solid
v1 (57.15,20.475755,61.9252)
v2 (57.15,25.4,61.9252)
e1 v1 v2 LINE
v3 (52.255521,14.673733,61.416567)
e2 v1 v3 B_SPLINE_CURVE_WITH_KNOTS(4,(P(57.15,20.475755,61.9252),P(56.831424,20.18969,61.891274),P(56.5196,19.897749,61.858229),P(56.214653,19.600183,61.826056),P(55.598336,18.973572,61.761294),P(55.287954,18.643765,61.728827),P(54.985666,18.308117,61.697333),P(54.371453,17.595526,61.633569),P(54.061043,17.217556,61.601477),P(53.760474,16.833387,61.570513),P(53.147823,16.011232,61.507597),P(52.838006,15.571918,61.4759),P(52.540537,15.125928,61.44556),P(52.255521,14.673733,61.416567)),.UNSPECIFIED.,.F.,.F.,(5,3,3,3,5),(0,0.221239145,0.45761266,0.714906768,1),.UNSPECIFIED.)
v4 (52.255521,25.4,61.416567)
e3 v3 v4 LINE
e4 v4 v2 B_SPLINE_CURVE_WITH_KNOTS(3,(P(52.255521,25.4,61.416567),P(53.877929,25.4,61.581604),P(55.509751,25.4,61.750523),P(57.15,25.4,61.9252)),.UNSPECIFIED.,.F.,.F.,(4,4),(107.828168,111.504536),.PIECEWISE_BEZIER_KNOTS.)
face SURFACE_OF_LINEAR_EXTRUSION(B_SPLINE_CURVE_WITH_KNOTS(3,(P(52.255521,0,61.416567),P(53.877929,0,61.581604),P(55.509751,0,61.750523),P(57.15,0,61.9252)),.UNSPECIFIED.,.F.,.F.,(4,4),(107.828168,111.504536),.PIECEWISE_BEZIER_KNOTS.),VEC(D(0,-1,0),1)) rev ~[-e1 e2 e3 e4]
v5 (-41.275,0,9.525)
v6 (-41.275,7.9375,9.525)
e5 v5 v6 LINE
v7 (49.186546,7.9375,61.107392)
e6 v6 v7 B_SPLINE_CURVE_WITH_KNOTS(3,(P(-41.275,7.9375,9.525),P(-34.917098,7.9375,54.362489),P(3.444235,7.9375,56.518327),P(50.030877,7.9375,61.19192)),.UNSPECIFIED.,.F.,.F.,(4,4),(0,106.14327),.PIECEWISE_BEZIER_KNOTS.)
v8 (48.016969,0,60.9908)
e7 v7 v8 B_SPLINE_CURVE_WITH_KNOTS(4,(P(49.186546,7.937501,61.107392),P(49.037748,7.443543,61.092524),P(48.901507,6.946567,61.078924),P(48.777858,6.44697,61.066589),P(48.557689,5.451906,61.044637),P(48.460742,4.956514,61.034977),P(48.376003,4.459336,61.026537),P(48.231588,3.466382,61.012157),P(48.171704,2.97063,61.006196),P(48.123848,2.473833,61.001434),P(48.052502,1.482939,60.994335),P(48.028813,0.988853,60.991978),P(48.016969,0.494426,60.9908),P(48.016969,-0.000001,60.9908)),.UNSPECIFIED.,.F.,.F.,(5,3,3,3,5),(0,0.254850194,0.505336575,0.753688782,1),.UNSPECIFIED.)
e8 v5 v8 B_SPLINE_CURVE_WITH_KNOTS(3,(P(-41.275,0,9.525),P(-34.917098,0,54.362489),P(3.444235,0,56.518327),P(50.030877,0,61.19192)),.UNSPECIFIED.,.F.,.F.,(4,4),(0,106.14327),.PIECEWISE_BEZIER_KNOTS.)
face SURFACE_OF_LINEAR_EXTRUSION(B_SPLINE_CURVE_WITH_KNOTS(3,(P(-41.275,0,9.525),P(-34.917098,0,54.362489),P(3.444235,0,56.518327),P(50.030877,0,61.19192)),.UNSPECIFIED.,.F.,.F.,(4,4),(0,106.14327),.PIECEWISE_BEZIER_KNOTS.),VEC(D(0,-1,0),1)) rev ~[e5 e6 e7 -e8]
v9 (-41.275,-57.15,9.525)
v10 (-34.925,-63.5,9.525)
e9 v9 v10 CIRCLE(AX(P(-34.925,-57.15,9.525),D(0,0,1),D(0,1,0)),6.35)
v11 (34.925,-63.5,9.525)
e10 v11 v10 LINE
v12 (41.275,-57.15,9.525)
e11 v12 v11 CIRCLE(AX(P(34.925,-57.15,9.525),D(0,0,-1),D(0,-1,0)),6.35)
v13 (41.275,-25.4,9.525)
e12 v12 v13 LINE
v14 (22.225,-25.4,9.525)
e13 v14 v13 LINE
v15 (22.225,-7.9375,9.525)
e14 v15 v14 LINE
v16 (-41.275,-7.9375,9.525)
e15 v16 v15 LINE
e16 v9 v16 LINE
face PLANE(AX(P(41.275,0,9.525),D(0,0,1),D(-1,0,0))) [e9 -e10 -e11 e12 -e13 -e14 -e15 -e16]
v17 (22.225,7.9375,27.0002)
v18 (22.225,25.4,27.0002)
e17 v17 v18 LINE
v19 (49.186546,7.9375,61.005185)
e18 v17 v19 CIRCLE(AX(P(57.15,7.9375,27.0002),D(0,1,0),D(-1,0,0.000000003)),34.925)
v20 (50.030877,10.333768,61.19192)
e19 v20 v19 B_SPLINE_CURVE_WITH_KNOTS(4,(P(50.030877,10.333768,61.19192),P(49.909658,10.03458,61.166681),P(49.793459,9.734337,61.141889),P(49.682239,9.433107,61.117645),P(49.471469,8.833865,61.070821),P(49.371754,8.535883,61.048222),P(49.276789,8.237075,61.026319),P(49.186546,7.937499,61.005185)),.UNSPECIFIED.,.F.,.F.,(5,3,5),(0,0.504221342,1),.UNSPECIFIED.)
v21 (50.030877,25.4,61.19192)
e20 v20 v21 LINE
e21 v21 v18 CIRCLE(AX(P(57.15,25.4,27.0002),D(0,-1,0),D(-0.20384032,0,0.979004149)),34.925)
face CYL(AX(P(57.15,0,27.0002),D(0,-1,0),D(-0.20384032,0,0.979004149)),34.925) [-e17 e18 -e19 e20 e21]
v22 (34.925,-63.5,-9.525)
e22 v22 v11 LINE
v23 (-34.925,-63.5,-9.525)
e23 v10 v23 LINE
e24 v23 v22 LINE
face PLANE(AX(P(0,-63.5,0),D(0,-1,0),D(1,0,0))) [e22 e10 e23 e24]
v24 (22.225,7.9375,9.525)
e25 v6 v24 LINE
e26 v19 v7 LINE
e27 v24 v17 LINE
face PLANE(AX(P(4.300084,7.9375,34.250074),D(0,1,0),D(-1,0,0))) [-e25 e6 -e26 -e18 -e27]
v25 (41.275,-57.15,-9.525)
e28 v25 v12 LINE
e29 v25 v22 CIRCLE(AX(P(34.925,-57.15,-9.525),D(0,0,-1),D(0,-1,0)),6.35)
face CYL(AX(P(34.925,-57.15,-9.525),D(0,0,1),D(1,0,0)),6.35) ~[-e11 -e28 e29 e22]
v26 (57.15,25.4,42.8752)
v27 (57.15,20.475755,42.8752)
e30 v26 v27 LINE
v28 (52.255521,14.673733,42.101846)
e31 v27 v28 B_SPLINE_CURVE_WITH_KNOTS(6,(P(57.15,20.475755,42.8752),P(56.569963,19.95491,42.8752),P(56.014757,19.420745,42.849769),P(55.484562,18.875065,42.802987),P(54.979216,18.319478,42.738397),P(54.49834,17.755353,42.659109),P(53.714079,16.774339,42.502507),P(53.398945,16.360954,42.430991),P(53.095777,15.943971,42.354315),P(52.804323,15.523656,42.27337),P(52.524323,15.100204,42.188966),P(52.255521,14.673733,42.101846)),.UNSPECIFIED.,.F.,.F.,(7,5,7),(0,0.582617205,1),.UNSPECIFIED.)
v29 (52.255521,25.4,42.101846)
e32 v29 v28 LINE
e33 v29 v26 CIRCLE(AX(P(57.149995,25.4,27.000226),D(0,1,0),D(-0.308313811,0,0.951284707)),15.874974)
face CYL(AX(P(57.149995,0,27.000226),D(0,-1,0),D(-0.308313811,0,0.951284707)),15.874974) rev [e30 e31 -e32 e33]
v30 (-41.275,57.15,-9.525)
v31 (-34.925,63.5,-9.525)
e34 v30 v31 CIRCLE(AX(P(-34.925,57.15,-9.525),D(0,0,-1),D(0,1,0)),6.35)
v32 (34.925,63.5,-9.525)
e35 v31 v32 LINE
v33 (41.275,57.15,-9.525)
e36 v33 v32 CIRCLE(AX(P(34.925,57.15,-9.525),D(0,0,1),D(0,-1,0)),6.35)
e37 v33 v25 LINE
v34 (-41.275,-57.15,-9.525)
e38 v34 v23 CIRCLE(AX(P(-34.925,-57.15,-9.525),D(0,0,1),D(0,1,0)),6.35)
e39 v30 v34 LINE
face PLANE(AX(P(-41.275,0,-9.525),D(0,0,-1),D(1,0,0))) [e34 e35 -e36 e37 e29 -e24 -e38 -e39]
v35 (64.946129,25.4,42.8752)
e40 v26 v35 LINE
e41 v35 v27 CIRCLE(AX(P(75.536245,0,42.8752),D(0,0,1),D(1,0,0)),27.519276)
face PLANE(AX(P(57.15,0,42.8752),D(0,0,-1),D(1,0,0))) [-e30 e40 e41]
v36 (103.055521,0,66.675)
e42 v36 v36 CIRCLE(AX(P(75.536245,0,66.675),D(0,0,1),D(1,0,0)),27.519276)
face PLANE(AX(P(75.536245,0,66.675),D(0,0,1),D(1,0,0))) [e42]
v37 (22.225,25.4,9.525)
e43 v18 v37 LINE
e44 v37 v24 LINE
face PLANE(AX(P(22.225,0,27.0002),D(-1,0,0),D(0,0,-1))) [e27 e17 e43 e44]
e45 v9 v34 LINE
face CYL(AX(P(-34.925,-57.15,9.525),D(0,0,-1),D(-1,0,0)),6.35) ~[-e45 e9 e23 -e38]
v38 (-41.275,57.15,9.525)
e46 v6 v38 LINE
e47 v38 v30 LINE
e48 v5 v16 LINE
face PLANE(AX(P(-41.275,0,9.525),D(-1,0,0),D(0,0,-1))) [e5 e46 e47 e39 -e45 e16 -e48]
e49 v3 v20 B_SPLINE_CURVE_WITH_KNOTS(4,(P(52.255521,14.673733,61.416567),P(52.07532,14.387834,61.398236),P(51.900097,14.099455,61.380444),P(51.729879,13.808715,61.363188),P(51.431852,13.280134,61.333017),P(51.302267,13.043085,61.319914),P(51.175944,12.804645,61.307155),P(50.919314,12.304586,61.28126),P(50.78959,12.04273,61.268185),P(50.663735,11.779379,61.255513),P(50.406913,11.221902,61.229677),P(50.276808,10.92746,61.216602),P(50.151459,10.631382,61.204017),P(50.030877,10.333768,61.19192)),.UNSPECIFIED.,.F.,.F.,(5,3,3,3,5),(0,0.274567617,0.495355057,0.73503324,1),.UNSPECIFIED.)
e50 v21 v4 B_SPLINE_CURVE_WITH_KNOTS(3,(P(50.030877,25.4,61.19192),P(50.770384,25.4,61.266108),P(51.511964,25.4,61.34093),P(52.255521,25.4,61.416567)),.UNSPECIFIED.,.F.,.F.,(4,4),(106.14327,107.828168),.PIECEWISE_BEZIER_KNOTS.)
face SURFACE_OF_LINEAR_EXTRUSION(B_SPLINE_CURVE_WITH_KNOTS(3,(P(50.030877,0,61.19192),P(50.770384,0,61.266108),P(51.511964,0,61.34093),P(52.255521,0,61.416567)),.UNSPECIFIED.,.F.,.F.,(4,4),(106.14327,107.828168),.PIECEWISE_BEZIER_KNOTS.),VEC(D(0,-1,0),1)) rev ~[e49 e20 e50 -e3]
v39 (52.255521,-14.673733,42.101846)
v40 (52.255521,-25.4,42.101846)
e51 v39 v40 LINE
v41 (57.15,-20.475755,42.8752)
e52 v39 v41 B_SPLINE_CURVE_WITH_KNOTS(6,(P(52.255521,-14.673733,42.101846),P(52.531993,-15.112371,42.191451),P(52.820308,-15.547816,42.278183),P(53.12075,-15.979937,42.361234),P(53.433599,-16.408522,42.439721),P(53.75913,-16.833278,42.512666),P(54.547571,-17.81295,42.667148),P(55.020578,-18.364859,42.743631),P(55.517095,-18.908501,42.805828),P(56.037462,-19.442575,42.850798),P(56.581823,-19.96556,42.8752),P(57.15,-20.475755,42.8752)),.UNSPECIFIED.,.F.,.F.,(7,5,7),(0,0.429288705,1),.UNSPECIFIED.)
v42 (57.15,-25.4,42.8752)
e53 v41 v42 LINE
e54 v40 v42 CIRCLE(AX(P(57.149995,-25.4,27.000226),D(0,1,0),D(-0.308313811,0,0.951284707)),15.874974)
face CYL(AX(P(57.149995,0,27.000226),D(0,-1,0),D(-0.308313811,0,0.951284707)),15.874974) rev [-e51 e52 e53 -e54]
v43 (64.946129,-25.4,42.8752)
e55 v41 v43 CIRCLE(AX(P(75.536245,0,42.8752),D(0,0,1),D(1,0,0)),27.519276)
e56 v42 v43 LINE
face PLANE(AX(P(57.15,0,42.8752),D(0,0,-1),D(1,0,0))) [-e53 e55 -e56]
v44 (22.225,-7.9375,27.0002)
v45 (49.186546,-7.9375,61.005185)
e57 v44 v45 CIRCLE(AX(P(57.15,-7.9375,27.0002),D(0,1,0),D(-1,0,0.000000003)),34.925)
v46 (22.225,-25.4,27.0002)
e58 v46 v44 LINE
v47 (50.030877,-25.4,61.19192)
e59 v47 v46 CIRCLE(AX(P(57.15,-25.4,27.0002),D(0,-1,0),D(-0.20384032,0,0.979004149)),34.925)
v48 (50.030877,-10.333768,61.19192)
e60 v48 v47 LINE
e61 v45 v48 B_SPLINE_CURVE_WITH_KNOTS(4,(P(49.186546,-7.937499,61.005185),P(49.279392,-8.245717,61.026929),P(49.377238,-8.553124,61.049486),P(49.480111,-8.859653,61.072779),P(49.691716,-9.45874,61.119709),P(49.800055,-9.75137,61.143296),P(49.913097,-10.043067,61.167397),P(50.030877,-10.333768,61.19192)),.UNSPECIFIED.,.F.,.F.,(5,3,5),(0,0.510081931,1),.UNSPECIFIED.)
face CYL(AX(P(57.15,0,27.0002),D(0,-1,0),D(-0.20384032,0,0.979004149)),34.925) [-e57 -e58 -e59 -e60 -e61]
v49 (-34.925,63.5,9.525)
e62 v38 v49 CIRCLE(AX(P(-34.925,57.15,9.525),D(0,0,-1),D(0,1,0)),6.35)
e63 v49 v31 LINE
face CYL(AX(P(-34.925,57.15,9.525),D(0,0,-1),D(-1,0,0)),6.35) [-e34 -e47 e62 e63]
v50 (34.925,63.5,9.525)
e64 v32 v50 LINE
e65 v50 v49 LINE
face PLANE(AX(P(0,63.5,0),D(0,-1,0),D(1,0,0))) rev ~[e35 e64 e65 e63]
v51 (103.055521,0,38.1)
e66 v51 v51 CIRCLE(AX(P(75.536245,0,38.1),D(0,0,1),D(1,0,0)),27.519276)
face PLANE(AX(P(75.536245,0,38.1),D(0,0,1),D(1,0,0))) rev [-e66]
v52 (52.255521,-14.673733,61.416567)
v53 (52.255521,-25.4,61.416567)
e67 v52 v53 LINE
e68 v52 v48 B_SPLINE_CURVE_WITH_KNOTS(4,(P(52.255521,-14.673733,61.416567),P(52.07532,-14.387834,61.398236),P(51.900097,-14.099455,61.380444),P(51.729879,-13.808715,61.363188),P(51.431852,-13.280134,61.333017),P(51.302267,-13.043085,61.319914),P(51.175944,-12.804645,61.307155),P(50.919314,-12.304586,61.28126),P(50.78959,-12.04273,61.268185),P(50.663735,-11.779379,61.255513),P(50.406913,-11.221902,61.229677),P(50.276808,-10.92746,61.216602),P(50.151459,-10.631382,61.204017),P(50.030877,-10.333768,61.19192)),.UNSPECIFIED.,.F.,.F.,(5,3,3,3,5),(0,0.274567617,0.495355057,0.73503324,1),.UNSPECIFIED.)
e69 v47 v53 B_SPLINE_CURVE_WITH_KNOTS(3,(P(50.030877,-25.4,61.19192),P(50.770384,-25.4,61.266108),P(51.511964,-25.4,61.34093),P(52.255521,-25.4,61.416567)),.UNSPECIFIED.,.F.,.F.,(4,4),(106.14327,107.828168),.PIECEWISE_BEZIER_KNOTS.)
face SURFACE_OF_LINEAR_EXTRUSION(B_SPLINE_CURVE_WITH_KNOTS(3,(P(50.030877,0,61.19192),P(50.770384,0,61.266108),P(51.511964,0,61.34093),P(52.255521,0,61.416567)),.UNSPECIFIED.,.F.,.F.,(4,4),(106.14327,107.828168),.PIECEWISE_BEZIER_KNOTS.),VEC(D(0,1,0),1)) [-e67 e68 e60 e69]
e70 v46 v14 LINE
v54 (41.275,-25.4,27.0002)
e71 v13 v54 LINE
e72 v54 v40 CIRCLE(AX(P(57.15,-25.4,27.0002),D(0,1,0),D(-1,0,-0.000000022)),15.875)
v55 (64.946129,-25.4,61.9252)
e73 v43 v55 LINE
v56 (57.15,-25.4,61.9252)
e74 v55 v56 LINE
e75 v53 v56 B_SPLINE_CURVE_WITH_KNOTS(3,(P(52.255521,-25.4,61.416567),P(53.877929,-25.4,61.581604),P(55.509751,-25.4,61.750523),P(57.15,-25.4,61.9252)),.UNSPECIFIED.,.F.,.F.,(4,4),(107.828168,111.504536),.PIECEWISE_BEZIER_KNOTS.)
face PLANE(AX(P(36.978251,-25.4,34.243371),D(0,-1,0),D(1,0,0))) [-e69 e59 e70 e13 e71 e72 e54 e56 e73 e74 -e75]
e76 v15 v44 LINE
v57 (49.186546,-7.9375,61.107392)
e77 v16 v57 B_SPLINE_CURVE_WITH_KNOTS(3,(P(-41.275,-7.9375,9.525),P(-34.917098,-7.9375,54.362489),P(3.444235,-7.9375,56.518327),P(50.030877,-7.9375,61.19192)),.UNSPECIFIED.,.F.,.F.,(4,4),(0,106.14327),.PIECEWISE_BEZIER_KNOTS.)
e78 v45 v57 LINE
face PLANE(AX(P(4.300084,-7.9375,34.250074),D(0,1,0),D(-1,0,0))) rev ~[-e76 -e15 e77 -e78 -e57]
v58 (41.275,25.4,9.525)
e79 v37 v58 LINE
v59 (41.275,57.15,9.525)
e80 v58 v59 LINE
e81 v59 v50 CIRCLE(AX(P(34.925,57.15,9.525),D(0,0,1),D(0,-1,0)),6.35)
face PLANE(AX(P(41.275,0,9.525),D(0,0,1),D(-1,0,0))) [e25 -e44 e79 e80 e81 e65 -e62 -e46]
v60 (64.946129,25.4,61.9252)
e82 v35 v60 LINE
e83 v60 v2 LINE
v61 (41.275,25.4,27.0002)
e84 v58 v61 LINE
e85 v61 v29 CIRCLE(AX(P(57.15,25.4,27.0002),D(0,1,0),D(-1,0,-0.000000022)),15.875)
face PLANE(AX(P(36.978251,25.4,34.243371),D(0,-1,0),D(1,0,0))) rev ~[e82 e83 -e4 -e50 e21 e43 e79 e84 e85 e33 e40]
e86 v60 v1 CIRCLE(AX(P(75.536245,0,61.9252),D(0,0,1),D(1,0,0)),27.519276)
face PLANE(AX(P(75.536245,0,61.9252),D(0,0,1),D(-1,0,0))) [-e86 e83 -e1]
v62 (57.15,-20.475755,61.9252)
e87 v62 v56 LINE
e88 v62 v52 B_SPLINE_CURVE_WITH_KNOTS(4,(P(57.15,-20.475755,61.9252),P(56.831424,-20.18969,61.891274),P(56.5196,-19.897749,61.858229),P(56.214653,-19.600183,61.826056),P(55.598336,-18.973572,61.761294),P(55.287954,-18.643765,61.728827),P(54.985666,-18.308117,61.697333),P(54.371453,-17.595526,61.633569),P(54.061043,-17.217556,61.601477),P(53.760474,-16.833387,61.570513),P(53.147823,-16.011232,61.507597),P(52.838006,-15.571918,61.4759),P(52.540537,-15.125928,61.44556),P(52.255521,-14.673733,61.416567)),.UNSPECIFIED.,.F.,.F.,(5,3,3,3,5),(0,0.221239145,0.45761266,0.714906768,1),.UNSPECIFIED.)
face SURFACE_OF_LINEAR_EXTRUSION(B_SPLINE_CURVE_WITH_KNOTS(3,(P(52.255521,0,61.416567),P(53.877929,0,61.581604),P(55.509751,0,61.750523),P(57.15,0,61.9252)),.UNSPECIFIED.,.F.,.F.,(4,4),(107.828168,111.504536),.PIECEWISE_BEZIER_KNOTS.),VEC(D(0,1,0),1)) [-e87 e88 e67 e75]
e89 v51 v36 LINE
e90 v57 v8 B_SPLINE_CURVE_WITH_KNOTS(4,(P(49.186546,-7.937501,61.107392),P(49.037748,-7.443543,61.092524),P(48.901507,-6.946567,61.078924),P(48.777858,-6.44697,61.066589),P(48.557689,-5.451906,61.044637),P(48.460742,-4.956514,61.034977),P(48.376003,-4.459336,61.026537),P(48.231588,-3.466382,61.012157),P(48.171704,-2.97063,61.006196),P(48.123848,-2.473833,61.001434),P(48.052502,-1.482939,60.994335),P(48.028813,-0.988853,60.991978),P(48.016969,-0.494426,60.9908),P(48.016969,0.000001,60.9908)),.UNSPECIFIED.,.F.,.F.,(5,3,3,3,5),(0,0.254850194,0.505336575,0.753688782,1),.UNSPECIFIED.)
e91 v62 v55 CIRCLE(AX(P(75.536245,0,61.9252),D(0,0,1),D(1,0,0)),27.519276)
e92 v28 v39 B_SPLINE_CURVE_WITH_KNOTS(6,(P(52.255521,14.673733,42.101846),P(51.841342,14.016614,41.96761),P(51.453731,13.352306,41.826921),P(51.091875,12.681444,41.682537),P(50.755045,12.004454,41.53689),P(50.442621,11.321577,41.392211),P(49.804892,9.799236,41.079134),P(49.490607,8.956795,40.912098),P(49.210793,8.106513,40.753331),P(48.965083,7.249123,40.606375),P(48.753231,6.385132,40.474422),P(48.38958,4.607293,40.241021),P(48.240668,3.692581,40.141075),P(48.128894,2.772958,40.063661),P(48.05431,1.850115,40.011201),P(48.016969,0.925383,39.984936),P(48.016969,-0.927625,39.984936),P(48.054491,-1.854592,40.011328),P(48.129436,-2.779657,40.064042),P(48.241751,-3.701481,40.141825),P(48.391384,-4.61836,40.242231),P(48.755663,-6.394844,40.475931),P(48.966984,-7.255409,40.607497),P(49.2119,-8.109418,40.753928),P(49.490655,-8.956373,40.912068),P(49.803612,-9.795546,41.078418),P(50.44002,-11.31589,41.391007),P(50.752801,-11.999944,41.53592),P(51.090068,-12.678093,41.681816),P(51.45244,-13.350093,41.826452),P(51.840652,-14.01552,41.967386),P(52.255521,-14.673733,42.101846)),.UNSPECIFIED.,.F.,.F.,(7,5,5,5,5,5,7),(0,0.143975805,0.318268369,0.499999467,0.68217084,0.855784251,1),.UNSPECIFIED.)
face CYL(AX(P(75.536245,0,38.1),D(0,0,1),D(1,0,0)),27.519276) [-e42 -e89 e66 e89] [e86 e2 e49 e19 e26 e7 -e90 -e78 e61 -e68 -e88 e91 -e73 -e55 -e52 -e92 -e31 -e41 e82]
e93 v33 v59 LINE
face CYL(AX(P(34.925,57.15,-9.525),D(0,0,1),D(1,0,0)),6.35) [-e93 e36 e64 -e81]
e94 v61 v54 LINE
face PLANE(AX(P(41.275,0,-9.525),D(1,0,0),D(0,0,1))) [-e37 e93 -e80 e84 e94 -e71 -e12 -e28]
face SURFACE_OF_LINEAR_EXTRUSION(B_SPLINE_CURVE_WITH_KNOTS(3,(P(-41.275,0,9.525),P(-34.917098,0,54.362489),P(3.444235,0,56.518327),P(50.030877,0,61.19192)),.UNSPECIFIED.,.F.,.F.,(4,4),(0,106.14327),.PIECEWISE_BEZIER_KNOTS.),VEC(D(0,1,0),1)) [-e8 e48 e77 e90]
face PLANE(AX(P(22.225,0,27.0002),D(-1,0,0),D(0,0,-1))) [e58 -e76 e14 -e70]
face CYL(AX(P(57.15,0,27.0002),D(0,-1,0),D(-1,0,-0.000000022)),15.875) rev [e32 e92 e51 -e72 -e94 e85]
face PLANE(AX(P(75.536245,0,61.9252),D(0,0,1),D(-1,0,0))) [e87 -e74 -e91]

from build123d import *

# Parameters (mm, degrees)
F1_DEPTH = 63.5
F2_DEPTH = 25.4
F3_DEPTH = 7.9375
F5_R     = 6.35


with BuildPart() as f1:
    # F0 (on Front) → F1 (new body, symmetric)
    with BuildSketch(Plane.XZ):
        Polygon((22.225, 9.525), (-41.275, 9.525), (-41.275, -9.525), (41.275, -9.525), (41.275, 9.525), align=None)
    extrude(amount=F1_DEPTH, both=True)

    # F0 (on Front) → F2 (join, symmetric)
    with BuildSketch(Plane.XZ):
        with BuildLine():
            Line((22.225, 27.0002), (22.225, 9.525))
            Line((22.225, 9.525), (41.275, 9.525))
            Line((41.275, 9.525), (41.275, 27.0002))
            ThreePointArc((41.275, 27.0002), (44.310306, 36.336039), (52.255521, 42.101846))
            Line((52.255521, 42.101846), (52.255521, 61.416567))
            add(Edge.make_bspline(
                [(50.030877, 61.19192), (50.770384, 61.266108), (51.511964, 61.34093), (52.255521, 61.416567)],
                knots=[106.14327, 106.14327, 106.14327, 106.14327, 107.828168, 107.828168, 107.828168, 107.828168], degree=3))
            ThreePointArc((50.030877, 61.19192), (30.053958, 49.035629), (22.225, 27.0002))
        make_face()
        with BuildLine():
            add(Edge.make_bspline(
                [(52.255521, 61.416567), (53.877929, 61.581604), (55.509751, 61.750523), (57.15, 61.9252)],
                knots=[107.828168, 107.828168, 107.828168, 107.828168, 111.504536, 111.504536, 111.504536, 111.504536], degree=3))
            Line((52.255521, 61.416567), (52.255521, 42.101846))
            ThreePointArc((52.255521, 42.101846), (54.6724, 42.68067), (57.15, 42.8752))
            Line((57.15, 42.8752), (75.536245, 42.8752))
            Line((75.536245, 42.8752), (75.536245, 61.9252))
            Line((75.536245, 61.9252), (57.15, 61.9252))
        make_face()
    extrude(amount=F2_DEPTH, both=True)

    # F0 (on Front) → F3 (join, symmetric)
    with BuildSketch(Plane.XZ):
        with BuildLine():
            add(Edge.make_bspline(
                [(-41.275, 9.525), (-34.917098, 54.362489), (3.444235, 56.518327), (50.030877, 61.19192)],
                knots=[0, 0, 0, 0, 106.14327, 106.14327, 106.14327, 106.14327], degree=3))
            Line((-41.275, 9.525), (22.225, 9.525))
            Line((22.225, 9.525), (22.225, 27.0002))
            ThreePointArc((22.225, 27.0002), (30.053958, 49.035629), (50.030877, 61.19192))
        make_face()
    extrude(amount=F3_DEPTH, both=True)

    # F0 (on Front) → F4 (revolve)
    with BuildSketch(Plane.XZ):
        Polygon((103.055521, 66.675), (75.536245, 66.675), (75.536245, 61.9252), (75.536245, 42.8752), (75.536245, 38.1), (103.055521, 38.1), align=None)
    revolve(axis=Axis((75.536245, 0, 52.3875), (0, 0, 1)))

    # F5
    f5_edges = [f1.edges().sort_by_distance(p)[0] for p in [
        (41.275, -63.5, 0),
        (-41.275, -63.5, 0),
        (41.275, 63.5, 0),
        (-41.275, 63.5, 0),
    ]]
    fillet(f5_edges, radius=F5_R)


solid = f1.part
